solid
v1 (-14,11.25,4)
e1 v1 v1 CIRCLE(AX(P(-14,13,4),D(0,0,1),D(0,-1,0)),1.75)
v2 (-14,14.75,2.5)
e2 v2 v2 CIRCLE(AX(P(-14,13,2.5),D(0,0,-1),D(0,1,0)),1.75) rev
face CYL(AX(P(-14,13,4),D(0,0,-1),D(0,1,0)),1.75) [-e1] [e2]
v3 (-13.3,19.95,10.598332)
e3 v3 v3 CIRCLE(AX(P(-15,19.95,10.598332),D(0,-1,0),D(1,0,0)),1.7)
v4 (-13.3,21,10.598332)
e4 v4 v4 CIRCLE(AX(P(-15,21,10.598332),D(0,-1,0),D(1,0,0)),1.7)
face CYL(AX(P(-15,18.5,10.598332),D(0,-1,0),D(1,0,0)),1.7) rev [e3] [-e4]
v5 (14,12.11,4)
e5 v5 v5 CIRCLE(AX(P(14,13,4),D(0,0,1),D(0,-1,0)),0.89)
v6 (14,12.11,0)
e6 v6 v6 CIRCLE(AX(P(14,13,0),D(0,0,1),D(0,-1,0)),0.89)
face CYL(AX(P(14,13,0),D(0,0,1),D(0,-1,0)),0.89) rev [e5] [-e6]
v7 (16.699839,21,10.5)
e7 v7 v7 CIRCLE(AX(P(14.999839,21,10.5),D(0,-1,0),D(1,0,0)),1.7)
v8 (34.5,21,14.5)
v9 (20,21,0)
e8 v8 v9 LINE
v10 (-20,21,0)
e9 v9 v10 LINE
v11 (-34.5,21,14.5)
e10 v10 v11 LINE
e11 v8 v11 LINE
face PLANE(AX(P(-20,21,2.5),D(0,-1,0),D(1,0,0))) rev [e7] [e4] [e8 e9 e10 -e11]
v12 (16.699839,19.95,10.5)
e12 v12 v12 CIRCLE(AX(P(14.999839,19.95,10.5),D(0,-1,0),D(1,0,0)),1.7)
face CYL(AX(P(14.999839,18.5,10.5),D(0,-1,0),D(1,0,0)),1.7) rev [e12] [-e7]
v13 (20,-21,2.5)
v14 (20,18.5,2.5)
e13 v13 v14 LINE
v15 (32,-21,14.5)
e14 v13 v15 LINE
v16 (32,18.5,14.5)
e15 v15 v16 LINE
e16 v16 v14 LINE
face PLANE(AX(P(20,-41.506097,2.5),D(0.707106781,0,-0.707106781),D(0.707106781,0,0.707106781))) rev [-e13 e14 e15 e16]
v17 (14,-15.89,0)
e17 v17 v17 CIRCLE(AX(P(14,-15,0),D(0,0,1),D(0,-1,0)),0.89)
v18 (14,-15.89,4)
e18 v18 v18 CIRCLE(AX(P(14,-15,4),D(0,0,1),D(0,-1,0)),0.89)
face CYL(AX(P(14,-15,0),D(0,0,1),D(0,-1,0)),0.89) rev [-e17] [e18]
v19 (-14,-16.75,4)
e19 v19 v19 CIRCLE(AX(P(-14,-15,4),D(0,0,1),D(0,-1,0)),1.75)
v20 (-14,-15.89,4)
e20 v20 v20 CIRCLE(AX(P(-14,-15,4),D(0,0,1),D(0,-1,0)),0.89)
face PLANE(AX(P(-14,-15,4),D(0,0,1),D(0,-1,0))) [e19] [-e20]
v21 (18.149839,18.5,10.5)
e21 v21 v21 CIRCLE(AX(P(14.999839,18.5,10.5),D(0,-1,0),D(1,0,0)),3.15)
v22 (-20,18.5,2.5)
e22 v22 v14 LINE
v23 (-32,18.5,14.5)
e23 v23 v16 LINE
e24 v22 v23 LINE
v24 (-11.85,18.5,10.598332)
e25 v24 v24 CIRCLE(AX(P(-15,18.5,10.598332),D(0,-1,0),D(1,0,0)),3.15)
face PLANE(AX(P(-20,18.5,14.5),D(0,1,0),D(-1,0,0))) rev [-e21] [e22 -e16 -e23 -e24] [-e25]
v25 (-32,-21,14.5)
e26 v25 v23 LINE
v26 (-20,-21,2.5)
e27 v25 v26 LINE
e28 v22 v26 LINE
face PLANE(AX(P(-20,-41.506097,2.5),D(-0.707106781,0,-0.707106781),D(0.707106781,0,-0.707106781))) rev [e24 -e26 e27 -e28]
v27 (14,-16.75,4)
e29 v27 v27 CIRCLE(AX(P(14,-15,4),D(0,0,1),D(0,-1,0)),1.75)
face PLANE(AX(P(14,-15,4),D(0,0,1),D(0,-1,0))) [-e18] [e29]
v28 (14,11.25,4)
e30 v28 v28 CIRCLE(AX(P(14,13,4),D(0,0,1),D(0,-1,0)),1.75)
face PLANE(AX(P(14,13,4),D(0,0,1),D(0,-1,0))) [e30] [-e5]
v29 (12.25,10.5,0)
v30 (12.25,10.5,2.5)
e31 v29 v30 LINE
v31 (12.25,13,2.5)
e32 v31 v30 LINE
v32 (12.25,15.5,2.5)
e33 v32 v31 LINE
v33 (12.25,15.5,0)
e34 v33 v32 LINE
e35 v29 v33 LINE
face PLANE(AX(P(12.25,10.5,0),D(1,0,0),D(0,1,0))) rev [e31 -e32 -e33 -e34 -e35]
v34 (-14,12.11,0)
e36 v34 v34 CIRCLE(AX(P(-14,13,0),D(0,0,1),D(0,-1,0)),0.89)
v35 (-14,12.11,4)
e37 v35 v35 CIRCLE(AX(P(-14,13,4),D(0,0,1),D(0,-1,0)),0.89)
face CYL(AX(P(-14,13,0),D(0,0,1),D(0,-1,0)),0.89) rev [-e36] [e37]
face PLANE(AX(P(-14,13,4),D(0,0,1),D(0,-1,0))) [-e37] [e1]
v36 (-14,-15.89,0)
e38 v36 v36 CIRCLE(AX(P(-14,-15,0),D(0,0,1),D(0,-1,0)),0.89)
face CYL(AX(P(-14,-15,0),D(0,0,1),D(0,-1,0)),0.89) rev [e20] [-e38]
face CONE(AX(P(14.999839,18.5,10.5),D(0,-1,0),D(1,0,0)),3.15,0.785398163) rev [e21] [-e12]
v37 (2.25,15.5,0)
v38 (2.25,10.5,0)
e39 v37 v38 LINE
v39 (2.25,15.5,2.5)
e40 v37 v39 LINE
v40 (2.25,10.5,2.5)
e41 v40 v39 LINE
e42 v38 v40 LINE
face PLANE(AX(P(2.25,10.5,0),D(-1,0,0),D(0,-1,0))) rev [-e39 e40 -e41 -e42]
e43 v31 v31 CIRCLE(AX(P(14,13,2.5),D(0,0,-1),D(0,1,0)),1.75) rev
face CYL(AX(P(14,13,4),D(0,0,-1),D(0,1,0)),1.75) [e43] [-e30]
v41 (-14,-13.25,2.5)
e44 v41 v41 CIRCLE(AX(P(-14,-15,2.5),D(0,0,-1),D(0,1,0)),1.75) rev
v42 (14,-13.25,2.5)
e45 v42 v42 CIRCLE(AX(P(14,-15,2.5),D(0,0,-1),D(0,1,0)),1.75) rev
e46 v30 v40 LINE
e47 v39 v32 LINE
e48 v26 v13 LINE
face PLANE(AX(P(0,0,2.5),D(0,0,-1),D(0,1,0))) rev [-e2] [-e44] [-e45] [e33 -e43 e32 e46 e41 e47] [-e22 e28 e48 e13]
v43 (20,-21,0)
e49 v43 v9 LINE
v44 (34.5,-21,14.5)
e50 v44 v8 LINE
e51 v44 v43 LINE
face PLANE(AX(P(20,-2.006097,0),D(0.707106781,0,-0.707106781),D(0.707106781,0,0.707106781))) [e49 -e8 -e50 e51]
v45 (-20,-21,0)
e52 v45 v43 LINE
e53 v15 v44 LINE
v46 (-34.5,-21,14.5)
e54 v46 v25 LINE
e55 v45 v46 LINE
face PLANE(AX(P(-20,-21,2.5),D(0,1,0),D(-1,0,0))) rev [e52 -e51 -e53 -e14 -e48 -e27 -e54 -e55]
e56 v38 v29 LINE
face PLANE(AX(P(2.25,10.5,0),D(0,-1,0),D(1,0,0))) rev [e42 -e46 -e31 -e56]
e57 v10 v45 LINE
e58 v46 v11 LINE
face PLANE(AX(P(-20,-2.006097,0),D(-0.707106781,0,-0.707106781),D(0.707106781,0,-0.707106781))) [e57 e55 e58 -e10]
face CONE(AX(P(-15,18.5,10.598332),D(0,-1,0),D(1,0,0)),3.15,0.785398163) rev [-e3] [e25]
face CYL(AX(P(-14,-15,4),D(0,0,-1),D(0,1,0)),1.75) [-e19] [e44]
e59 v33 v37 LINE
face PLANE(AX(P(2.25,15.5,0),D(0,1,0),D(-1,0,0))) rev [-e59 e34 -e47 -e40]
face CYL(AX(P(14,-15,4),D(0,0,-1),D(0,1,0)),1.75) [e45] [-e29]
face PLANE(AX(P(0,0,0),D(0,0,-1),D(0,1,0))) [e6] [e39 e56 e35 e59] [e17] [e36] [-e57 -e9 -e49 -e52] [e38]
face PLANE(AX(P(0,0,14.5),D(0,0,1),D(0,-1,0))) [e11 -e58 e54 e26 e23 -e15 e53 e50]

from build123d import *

# Parameters (mm, degrees)
SKETCH1_W                                      = 40
SKETCH1_H                                      = 42
BOSS_EXTRUDE1_DEPTH                            = 2.5
SKETCH2_W                                      = 40
SKETCH2_H                                      = 2.5
BOSS_EXTRUDE2_DEPTH                            = 12
SKETCH3_R                                      = 1.75
BOSS_EXTRUDE3_DEPTH                            = 1.5
SKETCH5_R                                      = 0.89
CUT_EXTRUDE2_DEPTH                             = 31.842341027
SKETCH6_W                                      = 10
SKETCH6_H                                      = 5
CUT_EXTRUDE3_DEPTH                             = 31.842341027
CSK_FOR_M3_FLAT_HEAD_MACHINE_SCREW1_AT_2_COUNT = 2
CSK_FOR_M3_FLAT_HEAD_MACHINE_SCREW1_AT_2_PITCH = 30
BOSS_EXTRUDE4_DEPTH                            = 2.5
BOSS_EXTRUDE5_DEPTH                            = 39.5
BODY_MOVE_COPY1_ANGLE                          = 90


with BuildPart() as part:
    # Sketch1 → Boss-Extrude1 (new body)
    with BuildSketch(Plane(origin=(0, 0, 0), x_dir=(1, 0, 0), z_dir=(0, 1, 0))):
        Rectangle(SKETCH1_W, SKETCH1_H)
    extrude(amount=BOSS_EXTRUDE1_DEPTH)

    # Sketch2 → Boss-Extrude2 (add)
    with BuildSketch(Plane(origin=(0, 2.5, 0), x_dir=(1, 0, 0), z_dir=(0, 1, 0))):
        with Locations((0, 19.75)):
            Rectangle(SKETCH2_W, SKETCH2_H)
    extrude(amount=BOSS_EXTRUDE2_DEPTH)

    # Sketch3 → Boss-Extrude3 (add)
    with BuildSketch(Plane(origin=(0, 2.5, 0), x_dir=(1, 0, 0), z_dir=(0, 1, 0))):
        with Locations(Location((14, 13, 0), (0, 0, 90))):
            Circle(SKETCH3_R)
        with Locations(Location((-14, 13, 0), (0, 0, 90))):
            Circle(SKETCH3_R)
        with Locations(Location((-14, -15, 0), (0, 0, 90))):
            Circle(SKETCH3_R)
        with Locations(Location((14, -15, 0), (0, 0, 90))):
            Circle(SKETCH3_R)
    extrude(amount=BOSS_EXTRUDE3_DEPTH)

    # Sketch5 → Cut-Extrude2 (cut, through all)
    with BuildSketch(Plane(origin=(0, 4, 0), x_dir=(1, 0, 0), z_dir=(0, 1, 0))):
        with Locations(Location((-14, 13, 0), (0, 0, 270))):
            Circle(SKETCH5_R)
        with Locations(Location((14, 13, 0), (0, 0, 270))):
            Circle(SKETCH5_R)
        with Locations(Location((14, -15, 0), (0, 0, 270))):
            Circle(SKETCH5_R)
        with Locations(Location((-14, -15, 0), (0, 0, 270))):
            Circle(SKETCH5_R)
    extrude(amount=-CUT_EXTRUDE2_DEPTH, mode=Mode.SUBTRACT)

    # Sketch6 → Cut-Extrude3 (cut, through all)
    with BuildSketch(Plane(origin=(0, 4, 0), x_dir=(1, 0, 0), z_dir=(0, 1, 0))):
        with Locations((7.25, 13)):
            Rectangle(SKETCH6_W, SKETCH6_H)
    extrude(amount=-CUT_EXTRUDE3_DEPTH, mode=Mode.SUBTRACT)

    # Sketch8 → CSK for M3 Flat Head Machine Screw1 (revolve, cut)
    with BuildSketch(Plane(origin=(-15, 10.59833188, -18.5), x_dir=(0, -1, 0), z_dir=(1, 0, 0))):
        Polygon((0, 0), (0, 2.5), (1.7, 2.5), (1.7, 1.45), (3.15, 0), align=None)
    csk_for_m3_flat_head_machine_screw1 = revolve(axis=Axis((-15, 10.59833188, -12.15), (0, 0, -1)), mode=Mode.SUBTRACT)

    # CSK for M3 Flat Head Machine Screw1 at 2: CSK for M3 Flat Head Machine Screw1 ×2
    with Locations(*[Vector(0.9999946282308037, -0.0032777293263655718, 0) * (i * CSK_FOR_M3_FLAT_HEAD_MACHINE_SCREW1_AT_2_PITCH) for i in range(1, CSK_FOR_M3_FLAT_HEAD_MACHINE_SCREW1_AT_2_COUNT)]):
        add(csk_for_m3_flat_head_machine_screw1, mode=Mode.SUBTRACT)

    # Sketch9 → Boss-Extrude4 (add)
    with BuildSketch(Plane(origin=(0, 0, -21), x_dir=(-1, 0, 0), z_dir=(0, 0, -1))):
        Polygon((20, 0), (34.5, 14.5), (20, 14.5), align=None)
        Polygon((-20, 0), (-34.5, 14.5), (-20, 14.5), align=None)
    extrude(amount=-BOSS_EXTRUDE4_DEPTH)

    # Sketch10 → Boss-Extrude5 (add)
    with BuildSketch(Plane.XY.offset(-18.5)):
        Polygon((20, 2.5), (32, 14.5), (34.5, 14.5), (20, 0), align=None)
        Polygon((-20, 2.5), (-32, 14.5), (-34.5, 14.5), (-20, 0), align=None)
    extrude(amount=BOSS_EXTRUDE5_DEPTH)


with BuildPart() as part_1:
    # Body-Move/Copy1: moved
    add(part.part.rotate(Axis((0, 0, 0), (1, 0, 0)), BODY_MOVE_COPY1_ANGLE))


solid = part_1.part
